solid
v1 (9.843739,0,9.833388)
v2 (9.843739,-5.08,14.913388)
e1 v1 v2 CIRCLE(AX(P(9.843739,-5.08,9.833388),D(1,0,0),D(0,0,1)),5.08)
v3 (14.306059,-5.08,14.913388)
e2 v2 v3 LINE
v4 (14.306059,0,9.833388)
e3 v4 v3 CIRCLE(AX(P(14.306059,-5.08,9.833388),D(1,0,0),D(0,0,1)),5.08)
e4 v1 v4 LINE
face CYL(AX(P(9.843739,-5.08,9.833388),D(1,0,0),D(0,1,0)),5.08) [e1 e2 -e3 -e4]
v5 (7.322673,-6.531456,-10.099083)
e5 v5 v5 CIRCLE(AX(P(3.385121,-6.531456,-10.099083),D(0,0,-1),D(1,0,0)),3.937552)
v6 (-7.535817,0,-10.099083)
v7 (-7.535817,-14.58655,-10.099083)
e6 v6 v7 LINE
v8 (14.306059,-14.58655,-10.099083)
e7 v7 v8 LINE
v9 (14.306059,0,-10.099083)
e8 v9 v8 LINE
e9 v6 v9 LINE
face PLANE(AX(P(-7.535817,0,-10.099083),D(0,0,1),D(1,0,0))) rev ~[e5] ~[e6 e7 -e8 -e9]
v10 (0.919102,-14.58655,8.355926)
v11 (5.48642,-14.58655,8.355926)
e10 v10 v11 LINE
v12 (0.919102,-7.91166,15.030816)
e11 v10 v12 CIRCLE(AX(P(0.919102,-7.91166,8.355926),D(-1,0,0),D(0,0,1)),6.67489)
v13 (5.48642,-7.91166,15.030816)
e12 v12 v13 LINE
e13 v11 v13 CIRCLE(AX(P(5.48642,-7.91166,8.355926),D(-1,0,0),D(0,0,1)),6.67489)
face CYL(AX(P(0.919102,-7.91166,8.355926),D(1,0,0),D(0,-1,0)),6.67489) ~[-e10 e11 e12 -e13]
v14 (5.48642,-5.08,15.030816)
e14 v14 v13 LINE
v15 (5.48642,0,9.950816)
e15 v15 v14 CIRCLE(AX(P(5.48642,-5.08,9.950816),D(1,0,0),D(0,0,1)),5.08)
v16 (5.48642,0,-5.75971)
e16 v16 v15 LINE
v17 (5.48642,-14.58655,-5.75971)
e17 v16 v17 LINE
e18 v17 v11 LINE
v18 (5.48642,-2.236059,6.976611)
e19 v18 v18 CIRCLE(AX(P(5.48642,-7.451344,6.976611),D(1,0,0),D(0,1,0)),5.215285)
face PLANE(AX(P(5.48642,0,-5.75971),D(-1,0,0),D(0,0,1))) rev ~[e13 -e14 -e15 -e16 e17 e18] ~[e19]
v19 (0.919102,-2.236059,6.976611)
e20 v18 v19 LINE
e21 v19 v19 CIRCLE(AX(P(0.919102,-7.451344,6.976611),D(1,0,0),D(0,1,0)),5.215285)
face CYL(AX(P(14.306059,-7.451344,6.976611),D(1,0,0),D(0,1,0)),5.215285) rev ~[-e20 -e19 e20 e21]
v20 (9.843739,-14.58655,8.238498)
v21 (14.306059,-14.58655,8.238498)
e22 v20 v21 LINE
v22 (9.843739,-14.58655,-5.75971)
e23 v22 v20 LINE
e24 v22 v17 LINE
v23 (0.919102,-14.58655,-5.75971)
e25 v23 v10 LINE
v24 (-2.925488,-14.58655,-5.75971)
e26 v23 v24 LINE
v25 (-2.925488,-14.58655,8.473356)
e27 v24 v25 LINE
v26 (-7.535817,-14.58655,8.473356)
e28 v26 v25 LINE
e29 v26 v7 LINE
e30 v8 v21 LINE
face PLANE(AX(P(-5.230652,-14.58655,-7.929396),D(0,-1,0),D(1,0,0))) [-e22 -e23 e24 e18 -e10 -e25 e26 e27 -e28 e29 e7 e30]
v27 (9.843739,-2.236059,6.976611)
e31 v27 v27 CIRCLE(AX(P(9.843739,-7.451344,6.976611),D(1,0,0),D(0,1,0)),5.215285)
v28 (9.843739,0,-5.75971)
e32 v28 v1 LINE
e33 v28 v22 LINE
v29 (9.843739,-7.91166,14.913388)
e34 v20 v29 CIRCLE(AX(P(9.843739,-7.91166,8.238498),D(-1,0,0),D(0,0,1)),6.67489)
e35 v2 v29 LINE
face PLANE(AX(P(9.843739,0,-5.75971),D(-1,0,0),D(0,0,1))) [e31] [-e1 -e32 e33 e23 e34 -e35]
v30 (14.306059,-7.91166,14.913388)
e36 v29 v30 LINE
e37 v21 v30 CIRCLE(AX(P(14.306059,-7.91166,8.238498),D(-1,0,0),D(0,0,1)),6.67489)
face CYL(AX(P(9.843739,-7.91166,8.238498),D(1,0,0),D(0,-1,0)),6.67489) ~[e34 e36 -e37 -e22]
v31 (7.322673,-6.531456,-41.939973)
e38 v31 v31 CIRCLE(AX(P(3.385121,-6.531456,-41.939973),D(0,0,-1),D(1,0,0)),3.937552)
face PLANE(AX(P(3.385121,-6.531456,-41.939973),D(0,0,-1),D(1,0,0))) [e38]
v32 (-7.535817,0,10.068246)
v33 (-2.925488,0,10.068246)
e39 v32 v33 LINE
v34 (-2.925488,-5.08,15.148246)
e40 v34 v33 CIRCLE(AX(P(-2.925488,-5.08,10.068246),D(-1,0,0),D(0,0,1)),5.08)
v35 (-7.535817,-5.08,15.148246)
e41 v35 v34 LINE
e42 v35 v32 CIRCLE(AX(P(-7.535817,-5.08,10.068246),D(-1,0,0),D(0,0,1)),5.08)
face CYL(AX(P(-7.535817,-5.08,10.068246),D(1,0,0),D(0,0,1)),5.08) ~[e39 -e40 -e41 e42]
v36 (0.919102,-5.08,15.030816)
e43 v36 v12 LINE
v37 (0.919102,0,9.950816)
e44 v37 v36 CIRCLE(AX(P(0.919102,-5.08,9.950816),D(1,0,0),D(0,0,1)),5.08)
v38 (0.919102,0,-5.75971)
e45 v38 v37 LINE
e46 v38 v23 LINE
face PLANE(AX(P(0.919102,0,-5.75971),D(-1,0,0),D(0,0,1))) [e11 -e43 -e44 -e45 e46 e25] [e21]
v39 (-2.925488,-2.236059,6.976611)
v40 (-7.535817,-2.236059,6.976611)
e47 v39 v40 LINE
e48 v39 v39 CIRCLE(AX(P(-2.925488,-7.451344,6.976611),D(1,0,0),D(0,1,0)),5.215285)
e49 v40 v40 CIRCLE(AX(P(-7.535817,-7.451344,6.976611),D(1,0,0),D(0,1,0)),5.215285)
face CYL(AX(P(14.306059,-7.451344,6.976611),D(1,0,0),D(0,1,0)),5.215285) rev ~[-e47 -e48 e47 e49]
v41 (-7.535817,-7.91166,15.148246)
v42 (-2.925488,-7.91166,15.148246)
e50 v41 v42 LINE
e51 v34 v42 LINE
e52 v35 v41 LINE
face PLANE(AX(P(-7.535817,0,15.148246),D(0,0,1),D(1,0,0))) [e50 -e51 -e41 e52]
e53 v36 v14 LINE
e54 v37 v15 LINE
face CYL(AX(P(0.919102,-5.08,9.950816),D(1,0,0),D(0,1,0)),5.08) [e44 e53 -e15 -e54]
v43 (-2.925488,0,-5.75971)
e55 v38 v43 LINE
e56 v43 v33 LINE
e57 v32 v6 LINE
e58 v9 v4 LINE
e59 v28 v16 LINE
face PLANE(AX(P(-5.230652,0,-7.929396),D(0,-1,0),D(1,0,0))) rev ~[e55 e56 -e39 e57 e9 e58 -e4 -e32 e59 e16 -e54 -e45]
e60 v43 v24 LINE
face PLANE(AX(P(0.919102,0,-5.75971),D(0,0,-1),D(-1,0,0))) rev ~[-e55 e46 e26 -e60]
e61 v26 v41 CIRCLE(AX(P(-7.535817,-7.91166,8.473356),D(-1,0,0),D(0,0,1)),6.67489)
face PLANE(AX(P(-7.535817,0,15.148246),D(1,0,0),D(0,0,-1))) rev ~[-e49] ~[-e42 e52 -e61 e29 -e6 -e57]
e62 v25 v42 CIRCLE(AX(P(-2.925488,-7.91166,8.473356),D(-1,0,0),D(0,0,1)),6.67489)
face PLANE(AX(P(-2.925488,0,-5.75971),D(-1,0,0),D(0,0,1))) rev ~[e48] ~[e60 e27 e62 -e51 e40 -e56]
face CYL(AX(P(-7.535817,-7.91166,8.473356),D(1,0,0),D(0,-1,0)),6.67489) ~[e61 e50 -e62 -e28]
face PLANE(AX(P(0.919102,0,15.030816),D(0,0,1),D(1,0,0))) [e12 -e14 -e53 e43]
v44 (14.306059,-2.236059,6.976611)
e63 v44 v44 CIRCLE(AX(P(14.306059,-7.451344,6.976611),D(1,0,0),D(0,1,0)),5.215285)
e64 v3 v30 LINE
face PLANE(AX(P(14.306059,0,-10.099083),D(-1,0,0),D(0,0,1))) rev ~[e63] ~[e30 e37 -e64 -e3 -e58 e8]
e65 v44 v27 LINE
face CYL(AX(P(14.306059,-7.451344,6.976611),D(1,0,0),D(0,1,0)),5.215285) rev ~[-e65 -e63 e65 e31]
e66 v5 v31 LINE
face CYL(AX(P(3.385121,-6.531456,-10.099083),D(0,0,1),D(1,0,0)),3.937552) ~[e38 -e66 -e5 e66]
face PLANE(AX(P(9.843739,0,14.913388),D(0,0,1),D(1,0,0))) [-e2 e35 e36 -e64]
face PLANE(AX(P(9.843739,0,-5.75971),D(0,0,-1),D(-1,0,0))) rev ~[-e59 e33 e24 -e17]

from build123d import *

# Parameters (mm, degrees)
F0_W     = 4.6103289351
F0_H     = 4.3393736705
F0_W_2   = 3.8445899263
F0_H_2   = 20.9079552442
F0_W_3   = 4.5673176646
F0_H_3   = 20.7905257121
F0_W_4   = 4.3573188595
F0_W_5   = 4.4623203576
F0_H_4   = 20.6730971113
F1_DEPTH = 14.58655
F2_R     = 5.2152852963
F3_DEPTH = 26.42732
F4_R     = 6.6748900837
F5_R     = 5.08
F6_R     = 3.9375516614
F7_DEPTH = 31.84089


with BuildPart() as f1:
    # F0 (on Front) → F1 (new body)
    with BuildSketch(Plane.XZ):
        with Locations((-5.2306521684, -7.9293963499)):
            Rectangle(F0_W, F0_H)
        with Locations((-1.0031927377, -7.9293963499)):
            Rectangle(F0_W_2, F0_H)
        with Locations((-5.2306521684, 4.6942681074)):
            Rectangle(F0_W, F0_H_2)
        with Locations((3.2027610578, -7.9293963499)):
            Rectangle(F0_W_3, F0_H)
        with Locations((3.2027610578, 4.6355533414)):
            Rectangle(F0_W_3, F0_H_3)
        with Locations((7.6650793198, -7.9293963499)):
            Rectangle(F0_W_4, F0_H)
        with Locations((12.0748989284, -7.9293963499)):
            Rectangle(F0_W_5, F0_H)
        with Locations((12.0748989284, 4.576839041)):
            Rectangle(F0_W_5, F0_H_4)
    extrude(amount=F1_DEPTH)

    # F2 (on face) → F3 (cut)
    with BuildSketch(Plane.YZ.offset(14.3060591072)):
        with Locations((-7.4513442814, 6.9766114466)):
            Circle(F2_R)
    extrude(amount=-F3_DEPTH, mode=Mode.SUBTRACT)

    # F4
    f4_edges = [f1.edges().sort_by_distance(p)[0] for p in [
        (-5.230652, -14.58655, 15.148246),
        (3.202761, -14.58655, 15.030816),
        (12.074899, -14.58655, 14.913388),
    ]]
    fillet(f4_edges, radius=F4_R)

    # F5
    f5_edges = [f1.edges().sort_by_distance(p)[0] for p in [
        (12.074899, 0, 14.913388),
        (3.202761, 0, 15.030816),
        (-5.230652, 0, 15.148246),
    ]]
    fillet(f5_edges, radius=F5_R)

    # F6 (on face) → F7 (join)
    with BuildSketch(Plane(origin=(0, 0, -10.0990831852), x_dir=(1, 0, 0), z_dir=(0, 0, -1))):
        with Locations((3.3851212356, 6.5314560197)):
            Circle(F6_R)
    extrude(amount=F7_DEPTH)


solid = f1.part
